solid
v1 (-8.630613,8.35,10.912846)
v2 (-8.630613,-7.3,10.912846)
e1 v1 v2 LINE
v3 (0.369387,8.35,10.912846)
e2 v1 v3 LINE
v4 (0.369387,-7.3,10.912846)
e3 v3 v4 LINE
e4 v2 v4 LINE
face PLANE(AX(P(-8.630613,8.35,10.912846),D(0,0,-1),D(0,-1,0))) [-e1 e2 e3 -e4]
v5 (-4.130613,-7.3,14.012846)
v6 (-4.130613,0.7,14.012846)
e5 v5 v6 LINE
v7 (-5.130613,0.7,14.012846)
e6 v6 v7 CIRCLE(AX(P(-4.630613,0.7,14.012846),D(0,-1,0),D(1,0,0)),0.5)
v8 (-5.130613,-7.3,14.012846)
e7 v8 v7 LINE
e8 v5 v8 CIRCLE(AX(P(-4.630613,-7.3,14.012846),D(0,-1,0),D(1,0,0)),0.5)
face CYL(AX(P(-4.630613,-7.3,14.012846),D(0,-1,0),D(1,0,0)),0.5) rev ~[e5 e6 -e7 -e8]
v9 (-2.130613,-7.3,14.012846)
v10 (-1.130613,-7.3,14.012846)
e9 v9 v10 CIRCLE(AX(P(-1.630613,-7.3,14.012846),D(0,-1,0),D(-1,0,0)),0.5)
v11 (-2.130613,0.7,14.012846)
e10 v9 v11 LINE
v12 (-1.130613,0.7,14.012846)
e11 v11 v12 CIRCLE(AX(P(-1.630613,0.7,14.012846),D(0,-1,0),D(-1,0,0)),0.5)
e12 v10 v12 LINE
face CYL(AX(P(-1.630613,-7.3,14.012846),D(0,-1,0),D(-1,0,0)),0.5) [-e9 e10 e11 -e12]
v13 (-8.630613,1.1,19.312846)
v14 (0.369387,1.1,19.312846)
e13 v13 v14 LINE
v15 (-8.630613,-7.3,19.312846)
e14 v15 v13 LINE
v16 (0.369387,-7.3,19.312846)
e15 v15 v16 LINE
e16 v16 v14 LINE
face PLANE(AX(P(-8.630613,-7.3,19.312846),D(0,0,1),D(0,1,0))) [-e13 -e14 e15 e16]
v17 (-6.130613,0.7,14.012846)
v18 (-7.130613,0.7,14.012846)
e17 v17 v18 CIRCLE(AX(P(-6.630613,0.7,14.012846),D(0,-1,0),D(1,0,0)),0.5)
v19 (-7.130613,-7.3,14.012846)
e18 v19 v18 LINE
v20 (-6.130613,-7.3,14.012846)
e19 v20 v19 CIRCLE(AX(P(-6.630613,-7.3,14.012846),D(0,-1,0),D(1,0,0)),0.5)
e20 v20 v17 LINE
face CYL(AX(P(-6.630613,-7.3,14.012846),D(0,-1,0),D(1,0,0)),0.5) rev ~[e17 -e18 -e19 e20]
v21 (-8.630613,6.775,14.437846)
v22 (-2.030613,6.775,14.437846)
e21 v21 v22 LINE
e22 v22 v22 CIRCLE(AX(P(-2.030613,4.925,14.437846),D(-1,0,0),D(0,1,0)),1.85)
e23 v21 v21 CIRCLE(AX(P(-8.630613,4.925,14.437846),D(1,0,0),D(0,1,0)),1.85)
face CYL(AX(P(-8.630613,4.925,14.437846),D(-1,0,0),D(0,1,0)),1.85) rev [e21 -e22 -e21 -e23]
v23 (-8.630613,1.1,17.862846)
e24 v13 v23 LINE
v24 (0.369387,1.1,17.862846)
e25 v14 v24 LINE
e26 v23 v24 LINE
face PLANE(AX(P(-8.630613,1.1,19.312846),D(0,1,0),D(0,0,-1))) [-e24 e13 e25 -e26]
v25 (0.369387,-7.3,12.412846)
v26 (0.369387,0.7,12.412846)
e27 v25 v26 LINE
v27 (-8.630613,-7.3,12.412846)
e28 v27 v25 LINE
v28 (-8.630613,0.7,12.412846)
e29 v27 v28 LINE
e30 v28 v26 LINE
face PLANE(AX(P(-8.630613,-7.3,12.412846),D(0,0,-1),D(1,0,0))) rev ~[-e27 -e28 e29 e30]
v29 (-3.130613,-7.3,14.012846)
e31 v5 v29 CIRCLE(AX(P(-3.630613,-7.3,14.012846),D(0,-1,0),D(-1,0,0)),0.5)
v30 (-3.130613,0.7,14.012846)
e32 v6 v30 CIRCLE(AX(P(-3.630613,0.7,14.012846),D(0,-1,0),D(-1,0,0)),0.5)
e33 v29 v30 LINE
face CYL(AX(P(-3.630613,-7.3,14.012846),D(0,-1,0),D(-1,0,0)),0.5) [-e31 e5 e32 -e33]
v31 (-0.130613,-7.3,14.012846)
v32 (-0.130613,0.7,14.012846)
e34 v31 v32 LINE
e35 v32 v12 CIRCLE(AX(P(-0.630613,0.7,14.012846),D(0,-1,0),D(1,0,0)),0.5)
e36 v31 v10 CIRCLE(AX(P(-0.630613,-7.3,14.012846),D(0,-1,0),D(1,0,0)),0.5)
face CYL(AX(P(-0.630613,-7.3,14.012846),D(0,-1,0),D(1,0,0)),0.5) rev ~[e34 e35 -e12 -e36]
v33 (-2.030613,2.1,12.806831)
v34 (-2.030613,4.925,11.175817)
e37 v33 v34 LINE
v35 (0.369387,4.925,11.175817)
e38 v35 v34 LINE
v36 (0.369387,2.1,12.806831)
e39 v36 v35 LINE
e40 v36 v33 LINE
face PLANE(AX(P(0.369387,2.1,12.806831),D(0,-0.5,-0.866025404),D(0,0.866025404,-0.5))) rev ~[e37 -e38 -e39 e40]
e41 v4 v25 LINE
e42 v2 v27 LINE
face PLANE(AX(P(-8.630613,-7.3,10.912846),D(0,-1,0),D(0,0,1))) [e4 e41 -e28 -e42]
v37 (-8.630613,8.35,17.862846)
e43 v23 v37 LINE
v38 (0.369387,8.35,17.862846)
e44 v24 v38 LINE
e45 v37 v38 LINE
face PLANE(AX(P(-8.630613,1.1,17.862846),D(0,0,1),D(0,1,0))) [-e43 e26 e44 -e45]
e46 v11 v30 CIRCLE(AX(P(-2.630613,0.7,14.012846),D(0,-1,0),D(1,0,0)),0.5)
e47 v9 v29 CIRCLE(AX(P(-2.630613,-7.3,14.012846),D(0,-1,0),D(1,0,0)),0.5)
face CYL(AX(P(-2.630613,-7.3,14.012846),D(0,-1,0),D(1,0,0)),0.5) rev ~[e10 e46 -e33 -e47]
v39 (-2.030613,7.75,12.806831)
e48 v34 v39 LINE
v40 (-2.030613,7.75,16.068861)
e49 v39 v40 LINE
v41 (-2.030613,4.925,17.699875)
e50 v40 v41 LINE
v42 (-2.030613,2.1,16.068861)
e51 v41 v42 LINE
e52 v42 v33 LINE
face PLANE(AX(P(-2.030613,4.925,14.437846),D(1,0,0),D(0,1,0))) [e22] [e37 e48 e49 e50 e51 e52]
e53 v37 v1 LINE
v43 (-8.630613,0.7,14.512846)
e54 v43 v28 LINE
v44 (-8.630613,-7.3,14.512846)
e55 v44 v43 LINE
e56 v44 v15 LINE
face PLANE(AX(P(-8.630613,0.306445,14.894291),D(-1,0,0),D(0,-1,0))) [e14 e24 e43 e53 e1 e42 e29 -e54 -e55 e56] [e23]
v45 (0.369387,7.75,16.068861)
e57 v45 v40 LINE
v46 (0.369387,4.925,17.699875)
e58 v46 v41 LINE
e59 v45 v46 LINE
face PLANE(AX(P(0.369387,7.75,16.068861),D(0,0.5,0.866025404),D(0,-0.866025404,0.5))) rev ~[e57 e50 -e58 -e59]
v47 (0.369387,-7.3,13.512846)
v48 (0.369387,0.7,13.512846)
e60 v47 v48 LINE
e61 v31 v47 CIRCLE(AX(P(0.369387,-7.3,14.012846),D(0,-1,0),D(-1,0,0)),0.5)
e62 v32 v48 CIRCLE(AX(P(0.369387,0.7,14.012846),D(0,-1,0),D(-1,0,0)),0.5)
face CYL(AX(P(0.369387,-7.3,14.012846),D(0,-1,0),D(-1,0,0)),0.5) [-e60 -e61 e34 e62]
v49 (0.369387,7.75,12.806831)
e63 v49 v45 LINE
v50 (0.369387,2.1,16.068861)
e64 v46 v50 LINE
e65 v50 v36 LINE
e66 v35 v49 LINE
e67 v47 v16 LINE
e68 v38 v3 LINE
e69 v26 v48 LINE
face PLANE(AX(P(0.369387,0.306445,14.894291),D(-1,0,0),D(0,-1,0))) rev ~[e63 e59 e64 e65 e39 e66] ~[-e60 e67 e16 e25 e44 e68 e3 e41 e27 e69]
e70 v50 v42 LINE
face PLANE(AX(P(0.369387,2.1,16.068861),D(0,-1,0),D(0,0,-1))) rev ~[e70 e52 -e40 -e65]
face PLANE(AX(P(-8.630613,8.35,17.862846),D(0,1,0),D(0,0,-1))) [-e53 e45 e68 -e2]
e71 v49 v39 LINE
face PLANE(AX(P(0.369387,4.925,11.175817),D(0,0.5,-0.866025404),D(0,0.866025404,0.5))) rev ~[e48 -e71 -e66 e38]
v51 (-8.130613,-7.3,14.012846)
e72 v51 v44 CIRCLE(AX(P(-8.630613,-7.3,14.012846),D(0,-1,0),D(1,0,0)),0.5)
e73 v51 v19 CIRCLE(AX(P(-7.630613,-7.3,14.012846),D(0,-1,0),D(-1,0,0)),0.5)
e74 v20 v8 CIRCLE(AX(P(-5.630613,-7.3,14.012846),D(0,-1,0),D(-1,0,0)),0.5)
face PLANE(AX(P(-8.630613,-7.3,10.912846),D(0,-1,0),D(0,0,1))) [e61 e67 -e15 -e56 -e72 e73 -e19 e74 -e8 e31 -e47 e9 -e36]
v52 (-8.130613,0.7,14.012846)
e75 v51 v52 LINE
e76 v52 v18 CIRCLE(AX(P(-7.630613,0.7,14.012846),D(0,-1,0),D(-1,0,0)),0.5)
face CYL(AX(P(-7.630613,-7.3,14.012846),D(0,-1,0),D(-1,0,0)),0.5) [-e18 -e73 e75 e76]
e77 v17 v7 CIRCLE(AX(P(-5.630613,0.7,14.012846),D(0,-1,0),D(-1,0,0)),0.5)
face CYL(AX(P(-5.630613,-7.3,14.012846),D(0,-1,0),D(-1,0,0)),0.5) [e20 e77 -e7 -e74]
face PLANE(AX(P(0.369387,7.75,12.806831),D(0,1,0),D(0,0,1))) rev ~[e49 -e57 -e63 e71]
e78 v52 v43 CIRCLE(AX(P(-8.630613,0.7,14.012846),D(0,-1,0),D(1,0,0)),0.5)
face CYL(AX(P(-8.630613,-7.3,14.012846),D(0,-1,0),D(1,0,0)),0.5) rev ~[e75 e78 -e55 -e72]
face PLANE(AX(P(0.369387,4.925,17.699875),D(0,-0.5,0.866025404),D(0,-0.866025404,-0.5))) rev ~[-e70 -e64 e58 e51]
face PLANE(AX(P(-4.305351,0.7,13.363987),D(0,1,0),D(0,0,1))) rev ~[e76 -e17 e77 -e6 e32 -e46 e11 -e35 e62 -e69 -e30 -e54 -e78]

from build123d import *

# Parameters (mm, degrees)
SKETCH007_R     = 1.85
PAD003_DEPTH    = 9
POCKET003_DEPTH = 8
POCKET004_DEPTH = 2.4


with BuildPart() as part:
    # Sketch007 (on Face1 of ReferencePolarPattern) → Pad003 (new body)
    with BuildSketch(Plane.YZ.offset(-13.630613)):
        Polygon((-7.3, 19.312846), (1.1, 19.312846), (1.1, 17.862846), (8.35, 17.862846), (8.35, 10.912846), (-7.3, 10.912846), align=None)
        with Locations((4.925, 14.437846)):
            Circle(SKETCH007_R, mode=Mode.SUBTRACT)
    extrude(amount=PAD003_DEPTH)

    # Sketch008 (on Face6 of Pad003) → Pocket003 (cut)
    with BuildSketch(Plane(origin=(0, -7.3, 0), x_dir=(0, 0, -1), z_dir=(0, -1, 0))):
        with BuildLine():
            ThreePointArc((-14.012846, -13.130613), (-13.512846, -12.630613), (-14.012846, -12.130613))
            ThreePointArc((-14.012846, -11.130613), (-14.512846, -11.630613), (-14.012846, -12.130613))
            ThreePointArc((-14.012846, -11.130613), (-13.512846, -10.630613), (-14.012846, -10.130613))
            ThreePointArc((-14.012846, -9.130613), (-14.512846, -9.630613), (-14.012846, -10.130613))
            ThreePointArc((-14.012846, -9.130613), (-13.512846, -8.630613), (-14.012846, -8.130613))
            ThreePointArc((-14.012846, -7.130613), (-14.512846, -7.630613), (-14.012846, -8.130613))
            ThreePointArc((-14.012846, -7.130613), (-13.512846, -6.630613), (-14.012846, -6.130613))
            ThreePointArc((-14.012846, -5.130613), (-14.512846, -5.630613), (-14.012846, -6.130613))
            ThreePointArc((-14.012846, -5.130613), (-13.6592926094, -4.9841663906), (-13.512846, -4.630613))
            Line((-12.412846, -4.630613), (-13.512846, -4.630613))
            Line((-12.412846, -13.630613), (-12.412846, -4.630613))
            Line((-14.512846, -13.630613), (-12.412846, -13.630613))
            ThreePointArc((-14.012846, -13.130613), (-14.3663993906, -13.2770596094), (-14.512846, -13.630613))
        make_face()
    extrude(amount=-POCKET003_DEPTH, mode=Mode.SUBTRACT)

    # Sketch009 (on Face5 of Pocket003) → Pocket004 (cut)
    with BuildSketch(Plane.YZ.offset(-4.630613)):
        Polygon((7.75, 12.8068314895), (7.75, 16.0688605105), (4.925, 17.6998750209), (2.1, 16.0688605105), (2.1, 12.8068314895), (4.925, 11.1758169791), align=None)
    extrude(amount=-POCKET004_DEPTH, mode=Mode.SUBTRACT)


with BuildPart() as part_1:
    # Body001 placement: moved
    add(part.part.moved(Location((5, 0, 0))))


solid = part_1.part
